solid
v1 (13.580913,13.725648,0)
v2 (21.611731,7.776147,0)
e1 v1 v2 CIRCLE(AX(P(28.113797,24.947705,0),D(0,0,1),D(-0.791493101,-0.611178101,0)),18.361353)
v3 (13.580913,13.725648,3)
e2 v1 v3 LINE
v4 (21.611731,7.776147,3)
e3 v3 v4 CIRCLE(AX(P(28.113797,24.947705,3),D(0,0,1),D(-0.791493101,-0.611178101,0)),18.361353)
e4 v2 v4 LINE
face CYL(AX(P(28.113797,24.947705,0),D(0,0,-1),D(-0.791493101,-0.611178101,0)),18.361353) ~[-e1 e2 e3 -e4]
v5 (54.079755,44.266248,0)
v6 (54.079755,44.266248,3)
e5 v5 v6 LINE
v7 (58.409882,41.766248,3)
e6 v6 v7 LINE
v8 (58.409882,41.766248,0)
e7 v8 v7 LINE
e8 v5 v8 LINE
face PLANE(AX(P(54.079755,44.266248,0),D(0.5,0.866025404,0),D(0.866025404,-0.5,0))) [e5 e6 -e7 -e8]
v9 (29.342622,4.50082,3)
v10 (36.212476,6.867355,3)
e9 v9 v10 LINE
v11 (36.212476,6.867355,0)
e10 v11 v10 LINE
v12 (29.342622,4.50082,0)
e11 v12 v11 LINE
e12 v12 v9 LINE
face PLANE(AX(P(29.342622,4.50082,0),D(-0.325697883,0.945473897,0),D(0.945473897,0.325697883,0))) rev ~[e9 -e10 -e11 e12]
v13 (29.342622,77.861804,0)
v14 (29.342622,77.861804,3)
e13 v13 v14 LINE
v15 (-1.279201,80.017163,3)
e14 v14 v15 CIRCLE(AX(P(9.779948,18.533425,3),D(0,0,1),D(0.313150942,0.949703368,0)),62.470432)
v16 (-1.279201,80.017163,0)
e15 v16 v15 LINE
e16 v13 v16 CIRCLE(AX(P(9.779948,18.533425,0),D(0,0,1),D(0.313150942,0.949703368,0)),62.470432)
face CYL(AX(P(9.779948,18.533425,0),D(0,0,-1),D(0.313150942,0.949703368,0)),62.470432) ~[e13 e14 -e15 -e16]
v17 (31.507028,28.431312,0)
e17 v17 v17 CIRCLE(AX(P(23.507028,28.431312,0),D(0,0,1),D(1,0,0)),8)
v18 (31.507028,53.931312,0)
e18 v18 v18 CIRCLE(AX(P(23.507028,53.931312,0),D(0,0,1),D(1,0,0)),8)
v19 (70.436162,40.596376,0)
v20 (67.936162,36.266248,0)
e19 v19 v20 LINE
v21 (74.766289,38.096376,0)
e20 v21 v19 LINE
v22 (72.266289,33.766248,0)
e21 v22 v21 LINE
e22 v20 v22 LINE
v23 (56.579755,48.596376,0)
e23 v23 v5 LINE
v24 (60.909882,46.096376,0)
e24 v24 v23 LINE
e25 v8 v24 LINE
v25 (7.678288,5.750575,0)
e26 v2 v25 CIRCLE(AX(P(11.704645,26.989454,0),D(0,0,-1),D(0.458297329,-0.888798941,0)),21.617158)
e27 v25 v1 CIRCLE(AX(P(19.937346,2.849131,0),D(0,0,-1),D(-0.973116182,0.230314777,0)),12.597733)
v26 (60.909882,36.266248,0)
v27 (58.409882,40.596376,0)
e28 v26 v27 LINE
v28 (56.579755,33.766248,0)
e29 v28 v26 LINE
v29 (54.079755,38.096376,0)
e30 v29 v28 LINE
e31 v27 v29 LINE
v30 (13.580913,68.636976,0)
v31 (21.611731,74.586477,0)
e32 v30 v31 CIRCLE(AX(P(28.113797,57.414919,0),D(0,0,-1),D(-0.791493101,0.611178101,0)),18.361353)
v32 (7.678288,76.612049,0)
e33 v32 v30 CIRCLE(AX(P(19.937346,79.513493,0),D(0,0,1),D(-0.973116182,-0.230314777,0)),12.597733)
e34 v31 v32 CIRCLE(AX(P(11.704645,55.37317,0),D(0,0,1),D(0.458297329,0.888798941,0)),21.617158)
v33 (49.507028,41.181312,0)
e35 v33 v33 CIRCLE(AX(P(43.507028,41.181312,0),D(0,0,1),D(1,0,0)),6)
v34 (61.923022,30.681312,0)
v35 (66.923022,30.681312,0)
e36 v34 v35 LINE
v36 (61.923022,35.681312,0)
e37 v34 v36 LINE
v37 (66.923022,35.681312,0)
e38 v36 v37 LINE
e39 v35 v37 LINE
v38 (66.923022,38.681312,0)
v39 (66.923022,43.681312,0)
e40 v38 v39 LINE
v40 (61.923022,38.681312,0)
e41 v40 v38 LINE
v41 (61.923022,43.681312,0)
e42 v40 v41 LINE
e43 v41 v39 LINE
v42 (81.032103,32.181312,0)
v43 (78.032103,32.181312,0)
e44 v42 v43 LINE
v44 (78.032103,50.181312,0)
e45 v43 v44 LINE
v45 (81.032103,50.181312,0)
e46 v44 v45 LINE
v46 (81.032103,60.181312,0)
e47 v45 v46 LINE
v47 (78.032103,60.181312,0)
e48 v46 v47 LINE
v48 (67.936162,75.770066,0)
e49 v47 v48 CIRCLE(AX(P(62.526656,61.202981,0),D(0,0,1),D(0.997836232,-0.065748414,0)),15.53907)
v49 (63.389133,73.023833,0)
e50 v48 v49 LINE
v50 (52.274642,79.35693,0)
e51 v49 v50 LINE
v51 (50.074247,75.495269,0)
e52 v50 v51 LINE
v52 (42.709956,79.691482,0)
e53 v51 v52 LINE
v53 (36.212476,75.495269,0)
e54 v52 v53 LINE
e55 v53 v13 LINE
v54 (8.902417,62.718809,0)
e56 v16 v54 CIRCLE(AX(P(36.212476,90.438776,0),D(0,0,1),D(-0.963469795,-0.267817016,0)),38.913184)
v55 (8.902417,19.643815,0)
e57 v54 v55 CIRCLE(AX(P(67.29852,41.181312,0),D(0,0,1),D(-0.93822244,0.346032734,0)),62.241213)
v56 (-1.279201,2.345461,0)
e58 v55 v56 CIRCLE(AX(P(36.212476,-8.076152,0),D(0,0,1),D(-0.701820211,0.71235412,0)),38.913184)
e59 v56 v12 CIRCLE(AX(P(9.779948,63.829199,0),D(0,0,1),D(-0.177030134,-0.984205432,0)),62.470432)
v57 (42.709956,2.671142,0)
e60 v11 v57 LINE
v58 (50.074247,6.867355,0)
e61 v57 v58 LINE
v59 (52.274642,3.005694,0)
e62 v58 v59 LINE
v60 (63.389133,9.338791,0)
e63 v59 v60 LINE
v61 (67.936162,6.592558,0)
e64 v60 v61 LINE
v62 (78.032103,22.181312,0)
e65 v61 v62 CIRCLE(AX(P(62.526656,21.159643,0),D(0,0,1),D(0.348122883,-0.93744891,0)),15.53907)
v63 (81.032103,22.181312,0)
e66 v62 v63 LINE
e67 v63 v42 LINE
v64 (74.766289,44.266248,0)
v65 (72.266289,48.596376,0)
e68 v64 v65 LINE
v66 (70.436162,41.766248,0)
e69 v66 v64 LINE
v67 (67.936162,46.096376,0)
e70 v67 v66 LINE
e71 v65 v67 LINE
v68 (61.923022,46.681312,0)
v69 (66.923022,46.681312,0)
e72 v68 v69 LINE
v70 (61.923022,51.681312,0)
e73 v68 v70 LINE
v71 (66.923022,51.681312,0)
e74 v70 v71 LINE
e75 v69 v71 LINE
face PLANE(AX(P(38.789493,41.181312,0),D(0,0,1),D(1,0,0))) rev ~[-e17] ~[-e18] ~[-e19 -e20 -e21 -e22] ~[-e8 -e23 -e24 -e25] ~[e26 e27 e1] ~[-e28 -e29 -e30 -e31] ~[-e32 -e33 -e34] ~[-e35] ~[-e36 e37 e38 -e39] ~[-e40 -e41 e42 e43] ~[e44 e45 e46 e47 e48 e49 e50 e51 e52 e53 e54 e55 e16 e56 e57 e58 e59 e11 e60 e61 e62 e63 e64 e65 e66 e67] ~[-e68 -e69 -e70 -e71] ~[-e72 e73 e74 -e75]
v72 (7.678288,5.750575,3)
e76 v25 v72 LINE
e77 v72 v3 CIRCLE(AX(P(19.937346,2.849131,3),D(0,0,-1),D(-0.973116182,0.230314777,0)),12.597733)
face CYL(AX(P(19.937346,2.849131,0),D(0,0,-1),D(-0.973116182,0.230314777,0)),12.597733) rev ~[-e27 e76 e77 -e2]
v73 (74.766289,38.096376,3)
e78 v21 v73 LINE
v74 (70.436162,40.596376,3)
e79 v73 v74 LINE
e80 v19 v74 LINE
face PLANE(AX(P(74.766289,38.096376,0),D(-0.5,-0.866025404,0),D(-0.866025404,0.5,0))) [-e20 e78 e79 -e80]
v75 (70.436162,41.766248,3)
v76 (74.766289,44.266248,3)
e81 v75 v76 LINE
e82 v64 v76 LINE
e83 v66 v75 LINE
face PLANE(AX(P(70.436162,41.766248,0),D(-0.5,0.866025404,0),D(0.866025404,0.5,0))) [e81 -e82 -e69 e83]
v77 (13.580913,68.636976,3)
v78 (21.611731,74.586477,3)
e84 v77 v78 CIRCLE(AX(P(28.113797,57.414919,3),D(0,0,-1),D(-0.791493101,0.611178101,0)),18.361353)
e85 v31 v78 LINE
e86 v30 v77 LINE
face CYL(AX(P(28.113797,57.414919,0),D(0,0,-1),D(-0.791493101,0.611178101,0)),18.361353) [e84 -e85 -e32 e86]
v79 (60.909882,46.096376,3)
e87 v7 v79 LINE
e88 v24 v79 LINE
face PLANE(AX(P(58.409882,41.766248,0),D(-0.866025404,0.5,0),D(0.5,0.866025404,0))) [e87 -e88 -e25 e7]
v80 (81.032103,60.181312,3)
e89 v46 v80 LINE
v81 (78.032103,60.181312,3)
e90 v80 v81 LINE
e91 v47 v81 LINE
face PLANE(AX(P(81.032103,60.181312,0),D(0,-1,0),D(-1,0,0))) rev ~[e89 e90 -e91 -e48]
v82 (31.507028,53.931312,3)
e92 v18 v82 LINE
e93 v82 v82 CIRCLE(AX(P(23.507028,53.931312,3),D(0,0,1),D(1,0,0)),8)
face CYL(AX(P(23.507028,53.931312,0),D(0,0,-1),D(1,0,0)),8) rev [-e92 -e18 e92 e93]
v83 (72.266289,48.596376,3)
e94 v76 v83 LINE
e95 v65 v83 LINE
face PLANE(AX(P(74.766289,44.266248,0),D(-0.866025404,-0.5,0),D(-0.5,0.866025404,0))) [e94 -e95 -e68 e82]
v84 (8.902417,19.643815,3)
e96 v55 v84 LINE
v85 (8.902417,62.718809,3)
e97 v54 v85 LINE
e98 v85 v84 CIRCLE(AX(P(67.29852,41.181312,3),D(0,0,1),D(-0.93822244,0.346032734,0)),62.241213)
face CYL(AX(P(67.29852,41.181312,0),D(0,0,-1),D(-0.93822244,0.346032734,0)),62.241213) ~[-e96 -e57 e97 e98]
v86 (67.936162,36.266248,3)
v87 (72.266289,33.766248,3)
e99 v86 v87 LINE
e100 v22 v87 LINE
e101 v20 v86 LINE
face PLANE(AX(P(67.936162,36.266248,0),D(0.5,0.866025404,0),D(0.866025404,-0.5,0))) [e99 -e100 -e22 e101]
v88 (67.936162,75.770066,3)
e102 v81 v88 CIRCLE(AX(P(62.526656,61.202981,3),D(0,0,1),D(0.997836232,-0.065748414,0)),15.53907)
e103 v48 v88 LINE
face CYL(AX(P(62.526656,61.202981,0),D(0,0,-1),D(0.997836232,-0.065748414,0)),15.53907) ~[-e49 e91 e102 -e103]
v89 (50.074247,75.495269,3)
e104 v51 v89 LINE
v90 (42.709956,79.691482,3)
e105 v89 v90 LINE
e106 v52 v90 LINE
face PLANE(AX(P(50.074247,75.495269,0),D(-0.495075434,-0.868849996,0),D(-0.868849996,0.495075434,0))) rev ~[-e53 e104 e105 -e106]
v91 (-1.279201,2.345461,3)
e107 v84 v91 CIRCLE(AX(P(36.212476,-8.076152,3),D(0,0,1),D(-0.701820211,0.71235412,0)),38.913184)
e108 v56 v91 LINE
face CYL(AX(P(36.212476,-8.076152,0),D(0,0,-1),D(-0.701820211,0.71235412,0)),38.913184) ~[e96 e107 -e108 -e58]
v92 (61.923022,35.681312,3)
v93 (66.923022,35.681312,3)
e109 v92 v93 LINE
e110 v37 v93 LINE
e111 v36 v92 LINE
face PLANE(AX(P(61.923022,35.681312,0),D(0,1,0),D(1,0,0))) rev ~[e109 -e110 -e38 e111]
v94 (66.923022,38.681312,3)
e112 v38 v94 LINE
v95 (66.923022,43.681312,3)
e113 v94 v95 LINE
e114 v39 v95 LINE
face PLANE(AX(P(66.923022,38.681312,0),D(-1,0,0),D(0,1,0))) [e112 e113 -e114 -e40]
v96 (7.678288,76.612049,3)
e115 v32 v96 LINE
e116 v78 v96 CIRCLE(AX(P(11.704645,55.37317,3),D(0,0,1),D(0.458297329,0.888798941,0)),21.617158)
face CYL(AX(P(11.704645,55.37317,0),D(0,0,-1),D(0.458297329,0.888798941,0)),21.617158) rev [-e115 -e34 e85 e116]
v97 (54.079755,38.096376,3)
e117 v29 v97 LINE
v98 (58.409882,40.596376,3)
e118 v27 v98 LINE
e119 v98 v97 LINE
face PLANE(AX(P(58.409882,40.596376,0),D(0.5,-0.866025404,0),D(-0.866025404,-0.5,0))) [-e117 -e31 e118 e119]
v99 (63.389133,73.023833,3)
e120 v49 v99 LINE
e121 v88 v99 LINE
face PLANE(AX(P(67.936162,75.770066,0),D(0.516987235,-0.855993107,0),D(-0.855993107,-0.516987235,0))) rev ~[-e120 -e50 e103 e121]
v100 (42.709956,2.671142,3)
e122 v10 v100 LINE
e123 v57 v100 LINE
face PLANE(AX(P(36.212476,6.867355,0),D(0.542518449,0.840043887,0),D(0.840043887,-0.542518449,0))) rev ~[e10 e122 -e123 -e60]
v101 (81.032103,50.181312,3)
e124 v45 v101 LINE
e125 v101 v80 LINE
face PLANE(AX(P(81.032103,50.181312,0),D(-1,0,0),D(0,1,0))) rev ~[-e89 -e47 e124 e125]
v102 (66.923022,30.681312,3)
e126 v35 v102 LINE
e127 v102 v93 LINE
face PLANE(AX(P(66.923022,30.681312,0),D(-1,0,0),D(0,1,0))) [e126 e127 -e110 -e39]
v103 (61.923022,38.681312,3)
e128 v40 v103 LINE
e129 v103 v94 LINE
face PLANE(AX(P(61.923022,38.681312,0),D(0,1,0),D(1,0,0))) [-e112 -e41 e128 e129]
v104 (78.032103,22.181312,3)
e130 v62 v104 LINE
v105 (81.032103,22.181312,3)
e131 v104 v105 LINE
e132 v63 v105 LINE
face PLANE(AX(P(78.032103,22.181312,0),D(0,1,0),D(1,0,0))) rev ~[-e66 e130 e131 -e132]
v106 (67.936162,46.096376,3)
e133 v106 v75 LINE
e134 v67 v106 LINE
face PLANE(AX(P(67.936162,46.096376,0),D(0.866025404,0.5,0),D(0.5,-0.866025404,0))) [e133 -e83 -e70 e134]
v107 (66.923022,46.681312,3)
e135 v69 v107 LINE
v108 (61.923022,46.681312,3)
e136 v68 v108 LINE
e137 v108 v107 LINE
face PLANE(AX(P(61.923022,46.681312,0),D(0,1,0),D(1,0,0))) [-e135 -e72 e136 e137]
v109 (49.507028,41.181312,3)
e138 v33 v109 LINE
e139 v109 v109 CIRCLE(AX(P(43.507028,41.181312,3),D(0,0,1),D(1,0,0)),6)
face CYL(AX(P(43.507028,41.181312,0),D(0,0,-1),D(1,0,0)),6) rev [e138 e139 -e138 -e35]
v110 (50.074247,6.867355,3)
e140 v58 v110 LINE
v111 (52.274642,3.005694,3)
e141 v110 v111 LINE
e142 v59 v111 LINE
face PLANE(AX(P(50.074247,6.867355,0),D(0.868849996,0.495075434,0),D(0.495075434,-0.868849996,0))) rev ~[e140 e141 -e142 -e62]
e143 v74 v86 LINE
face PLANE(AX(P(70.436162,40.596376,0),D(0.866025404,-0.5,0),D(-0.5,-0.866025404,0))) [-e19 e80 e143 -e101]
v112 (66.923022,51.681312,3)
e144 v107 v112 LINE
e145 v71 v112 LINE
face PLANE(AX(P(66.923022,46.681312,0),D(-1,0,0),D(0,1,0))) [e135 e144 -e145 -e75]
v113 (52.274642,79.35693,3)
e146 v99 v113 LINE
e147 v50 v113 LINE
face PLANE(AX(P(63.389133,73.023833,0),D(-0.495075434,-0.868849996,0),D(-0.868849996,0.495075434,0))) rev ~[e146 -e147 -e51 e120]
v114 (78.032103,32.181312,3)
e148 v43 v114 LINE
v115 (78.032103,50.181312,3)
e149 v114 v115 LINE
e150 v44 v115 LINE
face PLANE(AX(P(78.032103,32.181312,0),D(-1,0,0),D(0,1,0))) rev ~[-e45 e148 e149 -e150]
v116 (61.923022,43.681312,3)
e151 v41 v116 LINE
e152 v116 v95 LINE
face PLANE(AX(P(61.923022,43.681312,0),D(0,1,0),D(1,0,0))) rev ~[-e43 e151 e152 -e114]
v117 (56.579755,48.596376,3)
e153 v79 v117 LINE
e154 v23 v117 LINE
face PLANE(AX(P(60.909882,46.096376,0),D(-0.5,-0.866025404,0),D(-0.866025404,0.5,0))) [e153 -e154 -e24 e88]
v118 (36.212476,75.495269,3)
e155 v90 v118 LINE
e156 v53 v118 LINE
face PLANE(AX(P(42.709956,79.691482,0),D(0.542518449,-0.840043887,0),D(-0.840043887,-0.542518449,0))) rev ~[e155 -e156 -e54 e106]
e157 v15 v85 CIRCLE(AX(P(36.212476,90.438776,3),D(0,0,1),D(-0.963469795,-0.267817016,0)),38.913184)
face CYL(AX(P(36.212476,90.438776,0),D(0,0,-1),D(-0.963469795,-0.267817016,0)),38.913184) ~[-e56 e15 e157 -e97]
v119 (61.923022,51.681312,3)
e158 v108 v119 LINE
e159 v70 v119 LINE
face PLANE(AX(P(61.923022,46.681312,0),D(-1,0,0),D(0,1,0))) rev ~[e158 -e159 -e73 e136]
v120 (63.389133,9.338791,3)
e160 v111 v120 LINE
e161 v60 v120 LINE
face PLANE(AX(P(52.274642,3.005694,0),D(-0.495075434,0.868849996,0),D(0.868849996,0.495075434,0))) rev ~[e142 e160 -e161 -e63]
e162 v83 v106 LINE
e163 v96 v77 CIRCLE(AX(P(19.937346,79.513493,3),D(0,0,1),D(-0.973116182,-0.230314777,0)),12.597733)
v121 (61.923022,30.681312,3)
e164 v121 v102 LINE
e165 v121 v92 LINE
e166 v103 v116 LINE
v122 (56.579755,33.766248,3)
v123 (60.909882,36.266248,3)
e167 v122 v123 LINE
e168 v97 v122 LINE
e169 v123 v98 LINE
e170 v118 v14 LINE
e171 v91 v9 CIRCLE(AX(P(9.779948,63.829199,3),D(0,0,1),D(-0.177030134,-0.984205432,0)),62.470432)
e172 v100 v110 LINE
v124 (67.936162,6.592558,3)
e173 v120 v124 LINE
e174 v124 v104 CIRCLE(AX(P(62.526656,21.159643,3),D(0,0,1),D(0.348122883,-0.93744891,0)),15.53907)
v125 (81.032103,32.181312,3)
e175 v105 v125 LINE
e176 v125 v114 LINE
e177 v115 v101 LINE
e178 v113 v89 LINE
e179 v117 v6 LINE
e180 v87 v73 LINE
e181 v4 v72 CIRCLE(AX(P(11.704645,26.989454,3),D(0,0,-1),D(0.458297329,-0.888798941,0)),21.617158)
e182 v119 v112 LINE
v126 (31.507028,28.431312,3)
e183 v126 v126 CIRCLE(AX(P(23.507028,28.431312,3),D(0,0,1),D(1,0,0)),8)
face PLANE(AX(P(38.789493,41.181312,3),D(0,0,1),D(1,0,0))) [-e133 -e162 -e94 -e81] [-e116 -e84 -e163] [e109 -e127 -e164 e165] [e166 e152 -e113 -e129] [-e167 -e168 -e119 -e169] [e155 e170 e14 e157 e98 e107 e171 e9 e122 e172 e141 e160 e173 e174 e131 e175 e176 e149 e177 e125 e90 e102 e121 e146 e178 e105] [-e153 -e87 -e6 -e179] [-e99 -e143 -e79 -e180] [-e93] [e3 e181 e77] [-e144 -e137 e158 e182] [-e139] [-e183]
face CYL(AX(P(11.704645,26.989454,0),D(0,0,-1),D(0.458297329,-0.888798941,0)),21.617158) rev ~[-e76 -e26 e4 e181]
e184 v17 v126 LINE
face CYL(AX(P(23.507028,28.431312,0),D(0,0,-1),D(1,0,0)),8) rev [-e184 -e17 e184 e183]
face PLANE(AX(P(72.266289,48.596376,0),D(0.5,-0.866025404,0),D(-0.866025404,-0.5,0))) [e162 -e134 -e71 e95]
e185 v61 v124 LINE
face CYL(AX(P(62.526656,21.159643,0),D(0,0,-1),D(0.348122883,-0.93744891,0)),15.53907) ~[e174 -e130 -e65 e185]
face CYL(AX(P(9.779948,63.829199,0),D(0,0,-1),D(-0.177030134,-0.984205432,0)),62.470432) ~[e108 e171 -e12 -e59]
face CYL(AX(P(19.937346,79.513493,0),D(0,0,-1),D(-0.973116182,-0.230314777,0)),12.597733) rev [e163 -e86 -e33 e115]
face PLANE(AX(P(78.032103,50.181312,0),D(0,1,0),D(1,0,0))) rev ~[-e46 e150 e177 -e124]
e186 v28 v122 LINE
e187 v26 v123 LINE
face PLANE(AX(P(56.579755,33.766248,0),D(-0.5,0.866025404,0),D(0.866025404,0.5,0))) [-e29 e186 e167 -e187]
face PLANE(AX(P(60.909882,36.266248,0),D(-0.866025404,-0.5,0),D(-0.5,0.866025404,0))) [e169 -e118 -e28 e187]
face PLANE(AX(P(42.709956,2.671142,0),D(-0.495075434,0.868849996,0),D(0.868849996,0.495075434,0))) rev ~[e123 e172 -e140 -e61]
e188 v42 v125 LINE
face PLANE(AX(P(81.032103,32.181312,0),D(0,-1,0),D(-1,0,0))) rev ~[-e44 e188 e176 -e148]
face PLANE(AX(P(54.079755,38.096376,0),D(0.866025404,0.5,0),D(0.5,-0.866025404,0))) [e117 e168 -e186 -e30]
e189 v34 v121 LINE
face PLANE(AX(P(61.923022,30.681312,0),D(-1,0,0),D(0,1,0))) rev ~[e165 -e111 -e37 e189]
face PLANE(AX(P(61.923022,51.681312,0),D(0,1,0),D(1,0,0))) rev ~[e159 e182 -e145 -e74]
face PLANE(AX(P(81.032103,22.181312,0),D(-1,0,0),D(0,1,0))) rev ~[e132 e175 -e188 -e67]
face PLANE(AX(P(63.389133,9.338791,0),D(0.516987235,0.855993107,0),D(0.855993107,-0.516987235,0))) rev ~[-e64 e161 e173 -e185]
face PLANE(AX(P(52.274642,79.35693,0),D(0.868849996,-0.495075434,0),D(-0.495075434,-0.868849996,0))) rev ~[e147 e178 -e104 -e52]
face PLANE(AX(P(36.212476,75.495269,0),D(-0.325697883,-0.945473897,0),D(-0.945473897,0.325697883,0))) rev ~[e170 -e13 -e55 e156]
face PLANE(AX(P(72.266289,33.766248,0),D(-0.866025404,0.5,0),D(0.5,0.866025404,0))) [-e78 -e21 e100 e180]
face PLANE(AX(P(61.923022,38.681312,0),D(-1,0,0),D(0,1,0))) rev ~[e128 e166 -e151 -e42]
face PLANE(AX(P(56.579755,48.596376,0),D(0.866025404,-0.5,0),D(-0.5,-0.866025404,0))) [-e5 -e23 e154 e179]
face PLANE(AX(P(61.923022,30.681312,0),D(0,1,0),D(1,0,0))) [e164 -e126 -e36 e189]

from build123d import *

# Parameters (mm, degrees)
SKETCH2_R           = 8
SKETCH2_R_2         = 6
SKETCH2_W           = 5
SKETCH2_H           = 5
BOSS_EXTRUDE1_DEPTH = 3


with BuildPart() as part:
    # Sketch2 → Boss-Extrude1 (new body)
    with BuildSketch(Plane.XY):
        with BuildLine():
            Line((81.032103119, 50.181312), (81.032103119, 60.181312))
            Line((81.032103119, 60.181312), (78.032103119, 60.181312))
            ThreePointArc((78.032103119, 60.181312), (75.569321499, 69.649967364), (67.936161846, 75.770065518))
            Line((67.936161846, 75.770065518), (63.389132962, 73.023833254))
            Line((63.389132962, 73.023833254), (52.27464227, 79.356930255))
            Line((52.27464227, 79.356930255), (50.074247047, 75.495269488))
            Line((50.074247047, 75.495269488), (42.709956252, 79.691482274))
            Line((42.709956252, 79.691482274), (36.212476018, 75.495269488))
            Line((36.212476018, 75.495269488), (29.342622159, 77.861804263))
            ThreePointArc((29.342622159, 77.861804263), (14.166162437, 80.849682425), (-1.279201176, 80.017163065))
            ThreePointArc((-1.279201176, 80.017163065), (2.677054283, 70.700200378), (8.902417187, 62.718809041))
            ThreePointArc((8.902417187, 62.718809041), (5.05730693, 41.181312), (8.902417187, 19.643814959))
            ThreePointArc((8.902417187, 19.643814959), (2.677054283, 11.662423622), (-1.279201176, 2.345460935))
            ThreePointArc((-1.279201176, 2.345460935), (14.166162437, 1.512941575), (29.342622159, 4.500819737))
            Line((29.342622159, 4.500819737), (36.212476018, 6.867354512))
            Line((36.212476018, 6.867354512), (42.709956252, 2.671141726))
            Line((42.709956252, 2.671141726), (50.074247047, 6.867354512))
            Line((50.074247047, 6.867354512), (52.27464227, 3.005693745))
            Line((52.27464227, 3.005693745), (63.389132962, 9.338790746))
            Line((63.389132962, 9.338790746), (67.936161846, 6.592558482))
            ThreePointArc((67.936161846, 6.592558482), (75.569321499, 12.712656636), (78.032103119, 22.181312))
            Line((78.032103119, 22.181312), (81.032103119, 22.181312))
            Line((81.032103119, 22.181312), (81.032103119, 32.181312))
            Line((81.032103119, 32.181312), (78.032103119, 32.181312))
            Line((78.032103119, 32.181312), (78.032103119, 50.181312))
            Line((78.032103119, 50.181312), (81.032103119, 50.181312))
        make_face()
        with Locations((23.507028058, 53.931312)):
            Circle(SKETCH2_R, mode=Mode.SUBTRACT)
        with Locations((43.507028058, 41.181312)):
            Circle(SKETCH2_R_2, mode=Mode.SUBTRACT)
        with Locations((23.507028058, 28.431312)):
            Circle(SKETCH2_R, mode=Mode.SUBTRACT)
        with Locations((64.423022125, 41.181312)):
            Rectangle(SKETCH2_W, SKETCH2_H, mode=Mode.SUBTRACT)
        with Locations((64.423022125, 33.181312)):
            Rectangle(SKETCH2_W, SKETCH2_H, mode=Mode.SUBTRACT)
        Polygon((72.266288865, 48.59637551), (67.936161846, 46.09637551), (70.436161846, 41.766248491), (74.766288865, 44.266248491), align=None, mode=Mode.SUBTRACT)
        Polygon((67.936161846, 36.266248491), (72.266288865, 33.766248491), (74.766288865, 38.09637551), (70.436161846, 40.596375509), align=None, mode=Mode.SUBTRACT)
        with Locations((64.423022125, 49.181312)):
            Rectangle(SKETCH2_W, SKETCH2_H, mode=Mode.SUBTRACT)
        Polygon((56.579755385, 33.766248491), (60.909882404, 36.266248491), (58.409882404, 40.59637551), (54.079755385, 38.09637551), align=None, mode=Mode.SUBTRACT)
        Polygon((60.909882404, 46.09637551), (56.579755385, 48.596375509), (54.079755385, 44.266248491), (58.409882404, 41.766248491), align=None, mode=Mode.SUBTRACT)
        with BuildLine():
            ThreePointArc((21.611730632, 74.586477389), (14.814545044, 76.765459524), (7.678288301, 76.612049032))
            ThreePointArc((7.678288301, 76.612049032), (9.811410227, 72.018941841), (13.580912618, 68.636975763))
            ThreePointArc((13.580912618, 68.636975763), (17.183726984, 72.168659356), (21.611730632, 74.586477389))
        make_face(mode=Mode.SUBTRACT)
        with BuildLine():
            ThreePointArc((7.678288301, 5.750574968), (9.811410227, 10.343682159), (13.580912618, 13.725648237))
            ThreePointArc((13.580912618, 13.725648237), (17.183726984, 10.193964644), (21.611730632, 7.776146611))
            ThreePointArc((21.611730632, 7.776146611), (14.814545044, 5.597164476), (7.678288301, 5.750574968))
        make_face(mode=Mode.SUBTRACT)
    extrude(amount=BOSS_EXTRUDE1_DEPTH)


solid = part.part
